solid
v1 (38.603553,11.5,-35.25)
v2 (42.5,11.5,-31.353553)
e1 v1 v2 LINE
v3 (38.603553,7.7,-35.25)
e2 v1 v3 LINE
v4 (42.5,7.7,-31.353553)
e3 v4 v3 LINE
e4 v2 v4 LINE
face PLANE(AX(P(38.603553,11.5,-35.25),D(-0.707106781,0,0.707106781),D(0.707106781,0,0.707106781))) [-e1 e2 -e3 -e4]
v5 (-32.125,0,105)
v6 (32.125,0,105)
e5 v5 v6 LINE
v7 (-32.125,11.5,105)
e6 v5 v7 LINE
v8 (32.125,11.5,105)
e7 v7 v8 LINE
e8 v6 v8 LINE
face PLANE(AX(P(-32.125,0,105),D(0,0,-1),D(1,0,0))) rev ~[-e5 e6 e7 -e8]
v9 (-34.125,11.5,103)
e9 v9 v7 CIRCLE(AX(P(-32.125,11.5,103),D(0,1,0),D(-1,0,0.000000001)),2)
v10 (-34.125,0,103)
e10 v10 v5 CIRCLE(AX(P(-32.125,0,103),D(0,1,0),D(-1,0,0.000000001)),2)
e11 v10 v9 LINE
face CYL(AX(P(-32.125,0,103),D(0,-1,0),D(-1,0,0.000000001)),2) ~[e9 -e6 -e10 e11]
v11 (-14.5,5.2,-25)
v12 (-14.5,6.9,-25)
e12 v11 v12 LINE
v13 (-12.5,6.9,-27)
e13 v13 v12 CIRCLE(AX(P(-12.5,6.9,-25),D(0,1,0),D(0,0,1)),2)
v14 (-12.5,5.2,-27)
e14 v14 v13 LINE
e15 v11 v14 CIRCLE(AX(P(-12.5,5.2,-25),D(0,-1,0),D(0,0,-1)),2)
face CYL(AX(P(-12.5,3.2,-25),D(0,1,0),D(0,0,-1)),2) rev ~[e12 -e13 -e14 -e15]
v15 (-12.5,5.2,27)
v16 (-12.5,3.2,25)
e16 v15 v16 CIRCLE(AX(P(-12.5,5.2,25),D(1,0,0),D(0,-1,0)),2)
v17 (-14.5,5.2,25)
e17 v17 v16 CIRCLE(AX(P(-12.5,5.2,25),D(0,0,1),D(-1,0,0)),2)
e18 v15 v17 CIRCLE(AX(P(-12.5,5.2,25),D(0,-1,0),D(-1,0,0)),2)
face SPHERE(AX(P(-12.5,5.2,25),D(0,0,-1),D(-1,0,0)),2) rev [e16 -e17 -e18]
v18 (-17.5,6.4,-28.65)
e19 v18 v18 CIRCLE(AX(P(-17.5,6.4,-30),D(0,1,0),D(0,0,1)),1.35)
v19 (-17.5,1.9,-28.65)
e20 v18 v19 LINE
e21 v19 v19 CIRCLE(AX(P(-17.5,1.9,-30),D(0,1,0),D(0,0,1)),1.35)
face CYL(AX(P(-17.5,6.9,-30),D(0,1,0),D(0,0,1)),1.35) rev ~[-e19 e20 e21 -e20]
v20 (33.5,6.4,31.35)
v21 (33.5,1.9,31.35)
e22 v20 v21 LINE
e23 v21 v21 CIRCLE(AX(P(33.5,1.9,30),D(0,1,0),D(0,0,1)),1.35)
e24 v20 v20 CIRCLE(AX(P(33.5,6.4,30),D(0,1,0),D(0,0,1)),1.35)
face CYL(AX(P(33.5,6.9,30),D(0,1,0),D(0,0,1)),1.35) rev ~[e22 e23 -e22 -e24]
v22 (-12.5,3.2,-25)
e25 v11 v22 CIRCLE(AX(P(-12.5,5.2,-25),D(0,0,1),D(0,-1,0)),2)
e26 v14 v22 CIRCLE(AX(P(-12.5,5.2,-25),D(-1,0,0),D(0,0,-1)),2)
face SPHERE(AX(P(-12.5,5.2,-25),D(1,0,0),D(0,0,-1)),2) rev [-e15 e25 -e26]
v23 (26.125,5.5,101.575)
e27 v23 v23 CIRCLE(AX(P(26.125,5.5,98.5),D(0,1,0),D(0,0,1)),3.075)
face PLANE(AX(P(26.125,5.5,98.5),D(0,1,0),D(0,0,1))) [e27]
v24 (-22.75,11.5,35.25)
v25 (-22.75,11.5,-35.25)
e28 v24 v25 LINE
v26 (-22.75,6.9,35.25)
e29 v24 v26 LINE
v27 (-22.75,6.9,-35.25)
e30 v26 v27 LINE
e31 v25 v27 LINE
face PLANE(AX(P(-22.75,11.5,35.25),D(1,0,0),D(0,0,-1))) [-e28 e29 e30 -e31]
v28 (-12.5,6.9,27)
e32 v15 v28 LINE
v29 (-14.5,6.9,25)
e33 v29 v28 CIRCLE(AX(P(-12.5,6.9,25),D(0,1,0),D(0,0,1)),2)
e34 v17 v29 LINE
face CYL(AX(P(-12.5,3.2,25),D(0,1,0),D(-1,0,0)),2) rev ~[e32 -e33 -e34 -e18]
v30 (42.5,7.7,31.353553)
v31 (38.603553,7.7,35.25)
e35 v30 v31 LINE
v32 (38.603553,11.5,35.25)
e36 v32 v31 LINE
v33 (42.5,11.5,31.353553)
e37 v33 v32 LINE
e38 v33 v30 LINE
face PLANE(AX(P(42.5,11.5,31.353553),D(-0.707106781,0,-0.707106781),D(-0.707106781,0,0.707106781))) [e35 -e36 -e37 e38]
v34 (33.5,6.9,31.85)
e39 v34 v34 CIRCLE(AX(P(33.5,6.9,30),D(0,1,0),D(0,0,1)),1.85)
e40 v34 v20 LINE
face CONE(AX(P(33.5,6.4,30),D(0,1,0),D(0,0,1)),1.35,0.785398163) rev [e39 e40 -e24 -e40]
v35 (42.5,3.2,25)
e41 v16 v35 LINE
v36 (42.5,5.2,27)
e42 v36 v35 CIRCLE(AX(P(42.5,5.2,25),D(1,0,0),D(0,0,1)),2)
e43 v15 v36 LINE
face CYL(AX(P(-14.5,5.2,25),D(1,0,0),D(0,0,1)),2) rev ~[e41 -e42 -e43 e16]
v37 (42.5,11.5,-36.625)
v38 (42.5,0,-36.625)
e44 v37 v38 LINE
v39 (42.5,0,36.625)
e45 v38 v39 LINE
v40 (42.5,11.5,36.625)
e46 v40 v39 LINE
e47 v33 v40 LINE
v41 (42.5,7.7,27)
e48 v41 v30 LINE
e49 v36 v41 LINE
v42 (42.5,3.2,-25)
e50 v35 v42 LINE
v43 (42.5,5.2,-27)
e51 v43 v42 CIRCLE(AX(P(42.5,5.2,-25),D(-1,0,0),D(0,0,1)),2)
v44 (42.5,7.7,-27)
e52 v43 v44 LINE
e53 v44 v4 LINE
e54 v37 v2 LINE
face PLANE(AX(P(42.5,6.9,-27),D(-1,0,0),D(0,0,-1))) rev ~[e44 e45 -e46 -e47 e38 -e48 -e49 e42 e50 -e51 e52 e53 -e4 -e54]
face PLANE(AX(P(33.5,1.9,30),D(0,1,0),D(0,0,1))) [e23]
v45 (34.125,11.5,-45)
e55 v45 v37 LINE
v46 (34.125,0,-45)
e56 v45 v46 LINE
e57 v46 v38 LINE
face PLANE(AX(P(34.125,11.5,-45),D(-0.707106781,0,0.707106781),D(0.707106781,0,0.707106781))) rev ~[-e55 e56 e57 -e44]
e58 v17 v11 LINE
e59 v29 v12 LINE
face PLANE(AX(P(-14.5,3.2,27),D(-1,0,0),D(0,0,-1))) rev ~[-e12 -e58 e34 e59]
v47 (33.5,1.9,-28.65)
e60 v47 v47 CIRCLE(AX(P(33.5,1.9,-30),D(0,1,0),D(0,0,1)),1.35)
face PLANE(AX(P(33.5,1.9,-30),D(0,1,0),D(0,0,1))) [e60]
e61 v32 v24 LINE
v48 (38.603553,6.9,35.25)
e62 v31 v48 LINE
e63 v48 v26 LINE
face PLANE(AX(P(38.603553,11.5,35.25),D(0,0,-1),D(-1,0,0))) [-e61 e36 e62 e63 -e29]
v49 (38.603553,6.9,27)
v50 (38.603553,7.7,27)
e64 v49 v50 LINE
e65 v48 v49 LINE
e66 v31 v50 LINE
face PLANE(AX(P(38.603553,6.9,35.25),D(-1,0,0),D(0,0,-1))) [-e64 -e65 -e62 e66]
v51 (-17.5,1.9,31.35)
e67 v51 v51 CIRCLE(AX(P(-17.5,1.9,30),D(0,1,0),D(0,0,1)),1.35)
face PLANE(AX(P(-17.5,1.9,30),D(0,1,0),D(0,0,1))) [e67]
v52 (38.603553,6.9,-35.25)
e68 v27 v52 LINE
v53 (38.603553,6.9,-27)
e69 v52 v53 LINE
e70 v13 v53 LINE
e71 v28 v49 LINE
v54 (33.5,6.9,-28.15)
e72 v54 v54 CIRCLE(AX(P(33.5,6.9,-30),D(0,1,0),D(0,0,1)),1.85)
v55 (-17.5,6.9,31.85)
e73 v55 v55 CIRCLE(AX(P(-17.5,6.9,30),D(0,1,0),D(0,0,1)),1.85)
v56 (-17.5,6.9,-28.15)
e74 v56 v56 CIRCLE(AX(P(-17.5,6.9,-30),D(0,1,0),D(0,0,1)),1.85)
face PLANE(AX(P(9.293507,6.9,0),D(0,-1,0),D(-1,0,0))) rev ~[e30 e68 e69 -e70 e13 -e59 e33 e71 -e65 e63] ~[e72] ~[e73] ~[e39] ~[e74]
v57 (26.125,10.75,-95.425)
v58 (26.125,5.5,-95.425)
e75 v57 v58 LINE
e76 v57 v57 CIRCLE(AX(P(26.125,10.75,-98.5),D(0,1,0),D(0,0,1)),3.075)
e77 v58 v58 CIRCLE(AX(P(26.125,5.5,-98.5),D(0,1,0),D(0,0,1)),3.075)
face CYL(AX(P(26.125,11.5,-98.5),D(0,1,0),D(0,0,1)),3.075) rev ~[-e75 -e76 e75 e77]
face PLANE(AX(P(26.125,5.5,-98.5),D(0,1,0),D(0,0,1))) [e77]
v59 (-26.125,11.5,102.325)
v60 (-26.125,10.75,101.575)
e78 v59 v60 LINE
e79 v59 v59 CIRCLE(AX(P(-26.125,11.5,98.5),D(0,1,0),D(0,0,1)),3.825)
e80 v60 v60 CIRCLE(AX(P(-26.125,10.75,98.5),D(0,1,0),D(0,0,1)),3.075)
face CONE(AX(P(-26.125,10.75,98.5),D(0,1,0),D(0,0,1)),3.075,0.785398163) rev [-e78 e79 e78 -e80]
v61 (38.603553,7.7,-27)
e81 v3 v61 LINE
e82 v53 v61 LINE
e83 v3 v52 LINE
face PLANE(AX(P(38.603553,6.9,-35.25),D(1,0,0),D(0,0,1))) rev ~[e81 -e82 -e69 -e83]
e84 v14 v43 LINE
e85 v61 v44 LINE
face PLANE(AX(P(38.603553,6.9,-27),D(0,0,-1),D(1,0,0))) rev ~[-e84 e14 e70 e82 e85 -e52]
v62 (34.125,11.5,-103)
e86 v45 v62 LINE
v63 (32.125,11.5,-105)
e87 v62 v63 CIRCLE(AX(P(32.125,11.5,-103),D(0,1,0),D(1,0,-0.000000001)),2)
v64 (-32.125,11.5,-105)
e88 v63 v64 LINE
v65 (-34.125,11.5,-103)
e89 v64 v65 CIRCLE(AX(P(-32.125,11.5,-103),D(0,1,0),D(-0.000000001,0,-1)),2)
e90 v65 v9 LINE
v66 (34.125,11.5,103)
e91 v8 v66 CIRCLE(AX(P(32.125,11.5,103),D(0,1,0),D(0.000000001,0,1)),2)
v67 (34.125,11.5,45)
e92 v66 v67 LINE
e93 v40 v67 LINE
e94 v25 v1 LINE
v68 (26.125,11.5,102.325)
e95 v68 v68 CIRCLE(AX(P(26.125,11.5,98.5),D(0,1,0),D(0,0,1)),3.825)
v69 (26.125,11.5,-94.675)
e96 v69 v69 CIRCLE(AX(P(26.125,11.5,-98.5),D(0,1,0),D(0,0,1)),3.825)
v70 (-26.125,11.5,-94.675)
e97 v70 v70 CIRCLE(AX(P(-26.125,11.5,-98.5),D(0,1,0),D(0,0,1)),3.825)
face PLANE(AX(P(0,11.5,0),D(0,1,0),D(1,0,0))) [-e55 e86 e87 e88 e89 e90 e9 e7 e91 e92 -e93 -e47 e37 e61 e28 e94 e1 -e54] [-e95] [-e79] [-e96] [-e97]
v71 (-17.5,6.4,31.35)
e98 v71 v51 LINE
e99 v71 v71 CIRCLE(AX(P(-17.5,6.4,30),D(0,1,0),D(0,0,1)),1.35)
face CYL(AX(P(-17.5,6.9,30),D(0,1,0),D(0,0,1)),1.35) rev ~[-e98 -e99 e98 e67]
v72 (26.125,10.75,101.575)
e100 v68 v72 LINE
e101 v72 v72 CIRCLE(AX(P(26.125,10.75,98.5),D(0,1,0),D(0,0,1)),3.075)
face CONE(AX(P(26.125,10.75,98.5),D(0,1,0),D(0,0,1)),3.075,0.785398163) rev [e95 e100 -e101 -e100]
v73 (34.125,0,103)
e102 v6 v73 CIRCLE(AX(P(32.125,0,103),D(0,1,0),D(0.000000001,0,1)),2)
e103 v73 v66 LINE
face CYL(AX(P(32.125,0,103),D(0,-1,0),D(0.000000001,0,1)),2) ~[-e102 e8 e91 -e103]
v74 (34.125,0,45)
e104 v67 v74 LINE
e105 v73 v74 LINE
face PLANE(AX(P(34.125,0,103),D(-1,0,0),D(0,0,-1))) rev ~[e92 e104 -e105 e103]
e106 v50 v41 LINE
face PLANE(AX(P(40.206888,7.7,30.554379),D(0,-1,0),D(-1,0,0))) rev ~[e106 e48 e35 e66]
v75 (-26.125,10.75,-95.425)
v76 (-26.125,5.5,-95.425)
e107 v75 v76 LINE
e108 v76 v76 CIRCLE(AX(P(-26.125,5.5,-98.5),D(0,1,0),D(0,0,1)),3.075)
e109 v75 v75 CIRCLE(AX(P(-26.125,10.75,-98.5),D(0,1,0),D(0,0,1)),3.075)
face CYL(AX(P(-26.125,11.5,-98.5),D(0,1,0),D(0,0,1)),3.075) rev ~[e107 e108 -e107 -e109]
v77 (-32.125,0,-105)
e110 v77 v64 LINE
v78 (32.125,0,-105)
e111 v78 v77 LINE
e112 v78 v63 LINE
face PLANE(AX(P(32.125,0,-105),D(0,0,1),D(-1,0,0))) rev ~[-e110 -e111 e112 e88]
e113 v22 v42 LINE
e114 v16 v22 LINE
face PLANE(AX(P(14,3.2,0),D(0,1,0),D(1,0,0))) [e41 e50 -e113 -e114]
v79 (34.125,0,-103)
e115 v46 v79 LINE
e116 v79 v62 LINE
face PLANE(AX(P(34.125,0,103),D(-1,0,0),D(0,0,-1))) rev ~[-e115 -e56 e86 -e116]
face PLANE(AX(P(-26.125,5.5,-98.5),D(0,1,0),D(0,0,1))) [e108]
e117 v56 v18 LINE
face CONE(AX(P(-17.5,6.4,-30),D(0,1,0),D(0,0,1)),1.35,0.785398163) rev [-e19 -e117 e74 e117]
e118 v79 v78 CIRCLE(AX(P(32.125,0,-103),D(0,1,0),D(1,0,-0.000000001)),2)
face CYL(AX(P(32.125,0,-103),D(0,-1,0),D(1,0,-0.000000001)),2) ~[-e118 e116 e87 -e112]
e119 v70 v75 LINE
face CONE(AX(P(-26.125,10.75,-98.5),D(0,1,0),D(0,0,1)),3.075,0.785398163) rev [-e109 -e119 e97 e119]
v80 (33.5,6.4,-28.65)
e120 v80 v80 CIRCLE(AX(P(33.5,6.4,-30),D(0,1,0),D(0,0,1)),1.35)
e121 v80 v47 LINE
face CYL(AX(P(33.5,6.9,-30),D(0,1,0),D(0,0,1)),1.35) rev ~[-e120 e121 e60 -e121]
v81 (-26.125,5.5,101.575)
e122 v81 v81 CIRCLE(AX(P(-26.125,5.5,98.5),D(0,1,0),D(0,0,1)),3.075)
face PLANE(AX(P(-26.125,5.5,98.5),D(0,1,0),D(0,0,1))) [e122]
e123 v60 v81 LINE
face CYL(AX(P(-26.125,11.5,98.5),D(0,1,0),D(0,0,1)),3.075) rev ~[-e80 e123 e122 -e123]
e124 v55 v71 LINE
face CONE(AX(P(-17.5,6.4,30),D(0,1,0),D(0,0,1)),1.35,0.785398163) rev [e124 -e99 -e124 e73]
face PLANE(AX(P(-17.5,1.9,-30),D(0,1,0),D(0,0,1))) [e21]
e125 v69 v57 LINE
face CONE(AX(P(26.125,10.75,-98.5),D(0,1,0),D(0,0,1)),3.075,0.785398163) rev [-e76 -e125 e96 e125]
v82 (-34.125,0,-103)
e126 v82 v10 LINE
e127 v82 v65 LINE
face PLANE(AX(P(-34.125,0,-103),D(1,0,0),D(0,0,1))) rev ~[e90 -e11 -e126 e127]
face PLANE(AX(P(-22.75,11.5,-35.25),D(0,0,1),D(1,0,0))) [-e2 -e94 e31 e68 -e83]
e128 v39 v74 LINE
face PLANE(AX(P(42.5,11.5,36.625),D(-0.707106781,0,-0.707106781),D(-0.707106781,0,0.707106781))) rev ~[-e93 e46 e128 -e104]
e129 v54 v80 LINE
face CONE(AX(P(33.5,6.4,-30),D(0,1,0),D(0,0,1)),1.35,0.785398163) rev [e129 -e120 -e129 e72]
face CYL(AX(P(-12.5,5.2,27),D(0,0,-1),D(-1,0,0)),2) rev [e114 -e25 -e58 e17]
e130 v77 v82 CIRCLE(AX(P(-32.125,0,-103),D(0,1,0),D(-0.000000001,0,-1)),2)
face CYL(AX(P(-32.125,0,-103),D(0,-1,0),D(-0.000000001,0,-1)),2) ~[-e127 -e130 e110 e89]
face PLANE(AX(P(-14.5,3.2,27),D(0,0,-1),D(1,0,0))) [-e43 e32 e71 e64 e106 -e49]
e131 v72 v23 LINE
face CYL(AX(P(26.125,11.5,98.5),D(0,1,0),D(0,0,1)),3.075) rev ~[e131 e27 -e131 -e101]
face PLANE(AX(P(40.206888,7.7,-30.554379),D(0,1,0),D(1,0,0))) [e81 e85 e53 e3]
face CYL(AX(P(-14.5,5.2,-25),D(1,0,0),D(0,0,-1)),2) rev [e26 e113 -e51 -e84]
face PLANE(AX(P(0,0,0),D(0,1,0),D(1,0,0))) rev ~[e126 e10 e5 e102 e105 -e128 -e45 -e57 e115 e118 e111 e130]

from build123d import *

# Parameters (mm, degrees)
BOSS_EXTRUDE1_DEPTH     = 11.5
SKETCH4_R               = 3.075
CUT_EXTRUDE1_DEPTH      = 6
BOSS_EXTRUDE3_DEPTH     = 11.5
CUT_EXTRUDE6_DEPTH      = 4.6
CUT_EXTRUDE3_DEPTH      = 114.485065097
CUT_EXTRUDE3_DEPTH_BACK = 3.7
SKETCH24_W              = 57
SKETCH24_H              = 54
SKETCH25_R              = 1.35
CUT_EXTRUDE4_DEPTH      = 5
CHAMFER4_SIZE           = 0.5
FILLET1_R               = 2
BOSS_EXTRUDE2_DEPTH     = 0.8
CHAMFER5_SIZE           = 0.75


with BuildPart() as part:
    # Sketch1 → Boss-Extrude1 (new body)
    with BuildSketch(Plane(origin=(0, 0, 0), x_dir=(1, 0, 0), z_dir=(0, 1, 0))):
        with BuildLine():
            Line((-34.125, 90), (-34.125, -90))
            Line((-34.125, -90), (-34.125, -103))
            ThreePointArc((-34.125, -103), (-33.539213562, -104.414213562), (-32.125, -105))
            Line((-32.125, -105), (32.125, -105))
            ThreePointArc((32.125, -105), (33.539213562, -104.414213562), (34.125, -103))
            Line((34.125, -103), (34.125, -90))
            Line((34.125, -90), (34.125, 90))
            Line((34.125, 90), (34.125, 103))
            ThreePointArc((34.125, 103), (33.539213562, 104.414213562), (32.125, 105))
            Line((32.125, 105), (-32.125, 105))
            ThreePointArc((-32.125, 105), (-33.539213562, 104.414213562), (-34.125, 103))
            Line((-34.125, 103), (-34.125, 90))
        make_face()
    extrude(amount=BOSS_EXTRUDE1_DEPTH)

    # Sketch4 → Cut-Extrude1 (cut)
    with BuildSketch(Plane(origin=(0, 11.5, 0), x_dir=(1, 0, 0), z_dir=(0, 1, 0))):
        with Locations(Location((-26.125, -98.5, 0), (0, 0, 270))):
            Circle(SKETCH4_R)
        with Locations(Location((26.125, -98.5, 0), (0, 0, 270))):
            Circle(SKETCH4_R)
        with Locations(Location((26.125, 98.5, 0), (0, 0, 270))):
            Circle(SKETCH4_R)
        with Locations(Location((-26.125, 98.5, 0), (0, 0, 270))):
            Circle(SKETCH4_R)
    extrude(amount=-CUT_EXTRUDE1_DEPTH, mode=Mode.SUBTRACT)

    # Sketch27 → Boss-Extrude3 (add)
    with BuildSketch(Plane(origin=(0, 11.5, 0), x_dir=(1, 0, 0), z_dir=(0, 1, 0))):
        Polygon((34.125, 45), (42.5, 36.625), (42.5, -36.625), (34.125, -45), align=None)
    extrude(amount=-BOSS_EXTRUDE3_DEPTH)

    # Sketch21 → Cut-Extrude6 (cut)
    with BuildSketch(Plane(origin=(0, 11.5, 0), x_dir=(1, 0, 0), z_dir=(0, 1, 0))):
        Polygon((42.5, 31.353553391), (42.5, -31.353553391), (38.603553391, -35.25), (-22.75, -35.25), (-22.75, 35.25), (38.603553391, 35.25), align=None)
    extrude(amount=-CUT_EXTRUDE6_DEPTH, mode=Mode.SUBTRACT)

    # Sketch24 → Cut-Extrude3 (cut, two sides: drawn at the far end of the back side and taken through both)
    with BuildSketch(Plane(origin=(0, 6.9, 0), x_dir=(1, 0, 0), z_dir=(0, 1, 0)).offset(-CUT_EXTRUDE3_DEPTH_BACK)):
        with Locations((14, 0)):
            Rectangle(SKETCH24_W, SKETCH24_H)
    extrude(amount=CUT_EXTRUDE3_DEPTH + CUT_EXTRUDE3_DEPTH_BACK, mode=Mode.SUBTRACT)

    # Sketch25 → Cut-Extrude4 (cut)
    with BuildSketch(Plane(origin=(0, 6.9, 0), x_dir=(1, 0, 0), z_dir=(0, 1, 0))):
        with Locations(Location((33.5, 30, 0), (0, 0, 270))):
            Circle(SKETCH25_R)
        with Locations(Location((-17.5, 30, 0), (0, 0, 270))):
            Circle(SKETCH25_R)
        with Locations(Location((33.5, -30, 0), (0, 0, 270))):
            Circle(SKETCH25_R)
        with Locations(Location((-17.5, -30, 0), (0, 0, 270))):
            Circle(SKETCH25_R)
    extrude(amount=-CUT_EXTRUDE4_DEPTH, mode=Mode.SUBTRACT)

    # Chamfer4
    chamfer4_edges = [part.edges().sort_by_distance(p)[0] for p in [
        (-17.5, 6.9, -31.35),
        (33.5, 6.9, 28.65),
        (-17.5, 6.9, 28.65),
        (33.5, 6.9, -31.35),
    ]]
    chamfer(chamfer4_edges, length=CHAMFER4_SIZE)

    # Fillet1
    fillet1_edges = [part.edges().sort_by_distance(p)[0] for p in [
        (14, 3.2, -27),
        (-14.5, 5.05, -27),
        (-14.5, 3.2, 0),
        (-14.5, 5.05, 27),
        (14, 3.2, 27),
    ]]
    fillet(fillet1_edges, radius=FILLET1_R)

    # Sketch26 → Boss-Extrude2 (add)
    with BuildSketch(Plane(origin=(0, 6.9, 0), x_dir=(1, 0, 0), z_dir=(0, 1, 0))):
        Polygon((38.603553391, 35.25), (38.603553391, 27), (42.5, 27), (42.5, 31.353553391), align=None)
        Polygon((42.5, -31.353553391), (38.603553391, -35.25), (38.603553391, -27), (42.5, -27), align=None)
    extrude(amount=BOSS_EXTRUDE2_DEPTH)

    # Chamfer5
    chamfer5_edges = [part.edges().sort_by_distance(p)[0] for p in [
        (-26.125, 11.5, -101.575),
        (26.125, 11.5, -101.575),
        (26.125, 11.5, 95.425),
        (-26.125, 11.5, 95.425),
    ]]
    chamfer(chamfer5_edges, length=CHAMFER5_SIZE)


solid = part.part
